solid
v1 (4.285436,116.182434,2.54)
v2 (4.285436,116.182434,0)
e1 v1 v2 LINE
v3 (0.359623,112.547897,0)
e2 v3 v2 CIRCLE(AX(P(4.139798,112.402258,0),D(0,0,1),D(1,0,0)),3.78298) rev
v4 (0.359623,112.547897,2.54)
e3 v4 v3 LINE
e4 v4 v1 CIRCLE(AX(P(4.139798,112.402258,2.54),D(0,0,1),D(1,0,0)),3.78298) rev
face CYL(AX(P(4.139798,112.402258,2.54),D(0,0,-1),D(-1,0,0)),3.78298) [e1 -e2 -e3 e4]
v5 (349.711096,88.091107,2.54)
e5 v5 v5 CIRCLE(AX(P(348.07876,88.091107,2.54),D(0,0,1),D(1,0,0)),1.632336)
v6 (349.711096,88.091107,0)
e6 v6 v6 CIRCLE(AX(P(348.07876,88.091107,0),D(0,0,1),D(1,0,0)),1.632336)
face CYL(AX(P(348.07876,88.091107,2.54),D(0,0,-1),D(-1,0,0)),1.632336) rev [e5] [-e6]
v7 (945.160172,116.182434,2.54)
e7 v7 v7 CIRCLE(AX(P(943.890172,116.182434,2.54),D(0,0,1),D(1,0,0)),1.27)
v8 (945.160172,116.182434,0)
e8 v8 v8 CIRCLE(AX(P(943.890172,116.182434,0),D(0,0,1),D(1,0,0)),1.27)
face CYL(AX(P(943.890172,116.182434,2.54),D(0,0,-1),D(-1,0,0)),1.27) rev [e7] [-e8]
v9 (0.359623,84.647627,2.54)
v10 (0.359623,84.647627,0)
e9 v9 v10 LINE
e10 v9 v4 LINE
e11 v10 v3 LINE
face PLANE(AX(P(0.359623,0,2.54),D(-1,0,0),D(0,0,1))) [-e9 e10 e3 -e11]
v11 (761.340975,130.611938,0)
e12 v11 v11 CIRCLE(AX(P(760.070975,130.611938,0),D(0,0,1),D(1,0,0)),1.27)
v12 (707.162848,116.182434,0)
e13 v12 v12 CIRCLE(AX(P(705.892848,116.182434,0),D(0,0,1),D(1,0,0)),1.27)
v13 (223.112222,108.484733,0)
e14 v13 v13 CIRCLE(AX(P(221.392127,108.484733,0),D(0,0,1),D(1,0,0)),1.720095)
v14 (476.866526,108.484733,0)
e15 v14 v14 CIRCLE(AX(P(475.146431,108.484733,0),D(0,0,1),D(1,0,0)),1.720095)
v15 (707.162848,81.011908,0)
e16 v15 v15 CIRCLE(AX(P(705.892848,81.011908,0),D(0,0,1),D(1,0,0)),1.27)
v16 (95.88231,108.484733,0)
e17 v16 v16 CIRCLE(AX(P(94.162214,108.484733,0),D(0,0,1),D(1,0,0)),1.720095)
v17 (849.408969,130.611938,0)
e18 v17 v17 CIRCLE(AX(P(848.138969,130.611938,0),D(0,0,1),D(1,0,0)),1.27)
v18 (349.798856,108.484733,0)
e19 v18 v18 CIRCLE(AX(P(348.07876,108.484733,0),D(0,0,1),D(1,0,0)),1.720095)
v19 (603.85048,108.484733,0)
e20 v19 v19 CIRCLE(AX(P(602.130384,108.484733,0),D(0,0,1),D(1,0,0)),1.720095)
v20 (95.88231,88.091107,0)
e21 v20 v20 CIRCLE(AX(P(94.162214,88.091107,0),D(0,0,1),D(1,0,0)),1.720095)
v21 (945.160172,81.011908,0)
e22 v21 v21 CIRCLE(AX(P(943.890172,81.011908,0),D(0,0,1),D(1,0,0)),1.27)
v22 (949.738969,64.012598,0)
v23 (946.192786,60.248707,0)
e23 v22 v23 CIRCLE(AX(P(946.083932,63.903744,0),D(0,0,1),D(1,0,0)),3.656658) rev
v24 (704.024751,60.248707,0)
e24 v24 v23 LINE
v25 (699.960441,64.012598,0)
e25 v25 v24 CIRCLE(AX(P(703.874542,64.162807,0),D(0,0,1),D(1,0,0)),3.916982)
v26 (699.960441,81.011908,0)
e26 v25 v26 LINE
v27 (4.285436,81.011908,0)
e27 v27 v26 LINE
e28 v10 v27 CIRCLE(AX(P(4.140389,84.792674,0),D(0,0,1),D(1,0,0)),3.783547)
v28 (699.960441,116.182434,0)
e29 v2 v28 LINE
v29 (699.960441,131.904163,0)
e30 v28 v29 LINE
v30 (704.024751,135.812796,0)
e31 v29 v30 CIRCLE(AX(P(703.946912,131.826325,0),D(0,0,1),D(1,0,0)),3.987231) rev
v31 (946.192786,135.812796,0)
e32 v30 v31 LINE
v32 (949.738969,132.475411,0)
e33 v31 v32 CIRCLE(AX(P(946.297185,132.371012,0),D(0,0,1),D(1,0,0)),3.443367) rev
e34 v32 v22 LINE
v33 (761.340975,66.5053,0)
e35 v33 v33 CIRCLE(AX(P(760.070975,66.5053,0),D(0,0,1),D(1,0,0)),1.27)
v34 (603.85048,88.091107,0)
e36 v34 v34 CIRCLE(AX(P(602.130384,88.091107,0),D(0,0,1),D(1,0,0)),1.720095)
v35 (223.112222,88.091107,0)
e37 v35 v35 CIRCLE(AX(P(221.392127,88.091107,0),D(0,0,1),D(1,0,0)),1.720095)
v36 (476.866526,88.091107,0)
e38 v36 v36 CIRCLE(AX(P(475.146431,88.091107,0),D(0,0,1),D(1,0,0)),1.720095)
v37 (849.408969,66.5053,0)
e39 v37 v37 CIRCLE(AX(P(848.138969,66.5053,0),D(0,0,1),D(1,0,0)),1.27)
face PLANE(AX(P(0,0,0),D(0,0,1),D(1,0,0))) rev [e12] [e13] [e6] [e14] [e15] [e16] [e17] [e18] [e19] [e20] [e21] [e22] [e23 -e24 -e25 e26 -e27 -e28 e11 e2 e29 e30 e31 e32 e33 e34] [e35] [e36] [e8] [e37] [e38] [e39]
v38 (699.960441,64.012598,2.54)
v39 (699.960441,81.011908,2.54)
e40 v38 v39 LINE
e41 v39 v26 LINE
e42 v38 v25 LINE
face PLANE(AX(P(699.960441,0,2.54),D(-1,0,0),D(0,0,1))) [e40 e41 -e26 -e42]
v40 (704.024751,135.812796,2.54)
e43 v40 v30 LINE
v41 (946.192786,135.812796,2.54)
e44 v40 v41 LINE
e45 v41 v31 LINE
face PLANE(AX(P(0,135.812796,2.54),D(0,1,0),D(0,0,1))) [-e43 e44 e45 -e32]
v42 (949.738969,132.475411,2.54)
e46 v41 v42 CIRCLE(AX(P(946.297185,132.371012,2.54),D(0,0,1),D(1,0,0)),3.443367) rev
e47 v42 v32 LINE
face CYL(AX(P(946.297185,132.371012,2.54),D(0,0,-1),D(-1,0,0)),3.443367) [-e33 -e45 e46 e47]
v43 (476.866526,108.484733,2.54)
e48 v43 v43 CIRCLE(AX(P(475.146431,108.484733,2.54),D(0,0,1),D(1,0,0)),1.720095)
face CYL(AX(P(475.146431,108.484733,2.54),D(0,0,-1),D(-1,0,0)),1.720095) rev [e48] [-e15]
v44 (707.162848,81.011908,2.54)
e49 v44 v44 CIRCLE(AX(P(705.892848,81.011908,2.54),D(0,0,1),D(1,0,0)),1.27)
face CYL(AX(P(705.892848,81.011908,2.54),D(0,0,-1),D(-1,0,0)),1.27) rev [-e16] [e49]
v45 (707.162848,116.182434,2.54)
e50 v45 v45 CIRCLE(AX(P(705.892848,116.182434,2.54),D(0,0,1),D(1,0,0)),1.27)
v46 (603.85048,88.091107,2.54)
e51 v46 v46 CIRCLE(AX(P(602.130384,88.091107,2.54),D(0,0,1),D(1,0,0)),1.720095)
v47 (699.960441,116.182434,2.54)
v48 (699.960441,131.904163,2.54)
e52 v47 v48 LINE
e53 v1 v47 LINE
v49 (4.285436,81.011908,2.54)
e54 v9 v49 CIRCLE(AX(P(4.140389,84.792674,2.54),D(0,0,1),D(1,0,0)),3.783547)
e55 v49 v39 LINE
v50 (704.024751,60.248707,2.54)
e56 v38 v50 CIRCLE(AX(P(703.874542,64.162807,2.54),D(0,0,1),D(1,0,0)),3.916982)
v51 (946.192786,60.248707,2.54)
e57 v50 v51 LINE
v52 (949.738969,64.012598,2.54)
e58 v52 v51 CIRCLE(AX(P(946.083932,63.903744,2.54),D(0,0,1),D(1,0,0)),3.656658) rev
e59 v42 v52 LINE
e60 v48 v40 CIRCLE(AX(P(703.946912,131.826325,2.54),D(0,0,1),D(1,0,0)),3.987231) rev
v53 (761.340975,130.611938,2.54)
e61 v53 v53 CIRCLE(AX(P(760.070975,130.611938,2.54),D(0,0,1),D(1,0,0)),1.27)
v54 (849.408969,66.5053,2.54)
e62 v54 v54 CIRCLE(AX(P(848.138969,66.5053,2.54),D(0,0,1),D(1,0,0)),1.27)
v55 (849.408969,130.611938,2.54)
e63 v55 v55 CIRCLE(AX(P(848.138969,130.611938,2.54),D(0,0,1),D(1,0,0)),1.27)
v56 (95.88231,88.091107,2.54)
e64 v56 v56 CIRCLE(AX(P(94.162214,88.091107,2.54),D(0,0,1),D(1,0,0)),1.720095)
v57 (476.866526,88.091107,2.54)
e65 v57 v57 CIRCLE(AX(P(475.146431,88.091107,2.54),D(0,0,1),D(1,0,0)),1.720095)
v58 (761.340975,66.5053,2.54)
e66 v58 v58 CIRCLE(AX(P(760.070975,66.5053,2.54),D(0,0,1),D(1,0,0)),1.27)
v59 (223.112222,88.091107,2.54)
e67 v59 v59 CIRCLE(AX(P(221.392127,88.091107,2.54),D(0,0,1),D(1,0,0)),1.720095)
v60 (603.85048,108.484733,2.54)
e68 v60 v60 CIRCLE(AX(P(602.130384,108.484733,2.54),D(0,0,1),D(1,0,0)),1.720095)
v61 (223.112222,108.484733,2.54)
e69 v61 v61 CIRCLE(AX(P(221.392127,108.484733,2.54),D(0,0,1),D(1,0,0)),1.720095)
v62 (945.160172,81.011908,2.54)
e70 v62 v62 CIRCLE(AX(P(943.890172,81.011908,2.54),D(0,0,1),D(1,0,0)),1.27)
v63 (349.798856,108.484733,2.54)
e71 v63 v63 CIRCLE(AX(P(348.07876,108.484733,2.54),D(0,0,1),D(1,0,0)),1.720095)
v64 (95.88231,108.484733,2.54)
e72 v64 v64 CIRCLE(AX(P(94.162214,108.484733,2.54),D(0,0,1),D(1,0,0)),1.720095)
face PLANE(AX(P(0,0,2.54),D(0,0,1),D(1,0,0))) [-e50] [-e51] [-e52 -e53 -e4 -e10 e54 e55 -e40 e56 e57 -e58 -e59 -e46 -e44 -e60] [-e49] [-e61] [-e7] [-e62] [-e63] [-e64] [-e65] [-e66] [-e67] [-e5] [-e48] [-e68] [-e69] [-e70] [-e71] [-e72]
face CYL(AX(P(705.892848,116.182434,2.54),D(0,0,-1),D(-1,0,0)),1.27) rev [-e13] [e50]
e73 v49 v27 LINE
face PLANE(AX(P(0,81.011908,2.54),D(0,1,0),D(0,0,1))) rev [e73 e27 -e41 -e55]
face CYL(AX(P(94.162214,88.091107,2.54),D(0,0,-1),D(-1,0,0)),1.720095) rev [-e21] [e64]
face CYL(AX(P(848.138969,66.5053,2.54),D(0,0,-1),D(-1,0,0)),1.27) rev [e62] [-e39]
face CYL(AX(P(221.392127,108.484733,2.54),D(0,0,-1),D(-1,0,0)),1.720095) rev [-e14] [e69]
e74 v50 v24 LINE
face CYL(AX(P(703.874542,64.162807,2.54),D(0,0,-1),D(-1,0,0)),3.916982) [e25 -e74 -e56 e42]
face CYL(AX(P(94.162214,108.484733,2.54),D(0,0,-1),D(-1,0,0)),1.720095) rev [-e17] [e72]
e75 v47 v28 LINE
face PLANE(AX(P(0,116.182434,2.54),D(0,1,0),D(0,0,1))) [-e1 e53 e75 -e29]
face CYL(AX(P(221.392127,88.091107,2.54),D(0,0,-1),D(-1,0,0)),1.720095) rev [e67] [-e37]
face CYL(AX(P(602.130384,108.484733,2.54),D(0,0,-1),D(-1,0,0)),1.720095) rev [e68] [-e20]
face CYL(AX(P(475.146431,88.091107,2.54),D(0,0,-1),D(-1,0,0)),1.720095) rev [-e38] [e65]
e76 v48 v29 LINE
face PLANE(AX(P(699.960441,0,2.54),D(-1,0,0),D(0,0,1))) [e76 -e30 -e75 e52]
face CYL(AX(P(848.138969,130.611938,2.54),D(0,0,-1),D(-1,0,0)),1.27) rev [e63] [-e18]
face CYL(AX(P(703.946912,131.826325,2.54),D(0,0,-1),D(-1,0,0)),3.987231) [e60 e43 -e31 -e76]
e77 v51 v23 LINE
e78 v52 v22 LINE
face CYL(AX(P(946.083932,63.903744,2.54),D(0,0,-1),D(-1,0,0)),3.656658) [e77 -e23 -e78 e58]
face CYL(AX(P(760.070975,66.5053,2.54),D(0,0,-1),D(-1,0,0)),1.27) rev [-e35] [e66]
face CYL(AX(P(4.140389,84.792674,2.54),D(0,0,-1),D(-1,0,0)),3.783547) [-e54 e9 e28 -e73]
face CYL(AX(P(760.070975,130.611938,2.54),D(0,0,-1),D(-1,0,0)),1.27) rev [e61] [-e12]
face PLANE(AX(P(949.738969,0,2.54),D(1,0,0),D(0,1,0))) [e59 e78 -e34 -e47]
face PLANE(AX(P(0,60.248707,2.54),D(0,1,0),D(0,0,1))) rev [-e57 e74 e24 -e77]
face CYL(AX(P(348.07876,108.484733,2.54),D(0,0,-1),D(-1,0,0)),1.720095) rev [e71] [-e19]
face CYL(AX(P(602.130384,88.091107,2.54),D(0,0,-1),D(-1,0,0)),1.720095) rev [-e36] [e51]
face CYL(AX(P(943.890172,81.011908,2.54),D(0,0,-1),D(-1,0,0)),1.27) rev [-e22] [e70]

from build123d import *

# Parameters (mm, degrees)
SKETCH1_R           = 1.720095417
SKETCH1_R_2         = 1.632335783
SKETCH1_R_3         = 1.27
BOSS_EXTRUDE1_DEPTH = 2.54


with BuildPart() as part:
    # Sketch1 → Boss-Extrude1 (new body)
    with BuildSketch(Plane.XY):
        with BuildLine():
            Line((0.359622665, 112.547896558), (0.359622665, 84.647626996))
            ThreePointArc((0.359622665, 84.647626996), (1.569547298, 82.016705042), (4.285435965, 81.011908201))
            Line((4.285435965, 81.011908201), (699.960441306, 81.011908201))
            Line((699.960441306, 81.011908201), (699.960441306, 64.012598058))
            ThreePointArc((699.960441306, 64.012598058), (701.213068629, 61.288906282), (704.024750828, 60.24870663))
            Line((704.024750828, 60.24870663), (946.192785632, 60.24870663))
            ThreePointArc((946.192785632, 60.24870663), (948.74540471, 61.39621374), (949.738968911, 64.012598058))
            Line((949.738968911, 64.012598058), (949.738968911, 132.475411377))
            ThreePointArc((949.738968911, 132.475411377), (948.657072186, 134.878542119), (946.192785632, 135.812795653))
            Line((946.192785632, 135.812795653), (704.024750828, 135.812795653))
            ThreePointArc((704.024750828, 135.812795653), (701.183091811, 134.700225562), (699.960441306, 131.904163347))
            Line((699.960441306, 131.904163347), (699.960441306, 116.18243367))
            Line((699.960441306, 116.18243367), (4.285435965, 116.18243367))
            ThreePointArc((4.285435965, 116.18243367), (1.569792033, 115.17822767), (0.359622665, 112.547896558))
        make_face()
        with Locations((94.1622142, 88.091107164)):
            Circle(SKETCH1_R, mode=Mode.SUBTRACT)
        with Locations((221.392126764, 88.091107164)):
            Circle(SKETCH1_R, mode=Mode.SUBTRACT)
        with Locations((348.078760153, 88.091107164)):
            Circle(SKETCH1_R_2, mode=Mode.SUBTRACT)
        with Locations((760.070975046, 66.505299661)):
            Circle(SKETCH1_R_3, mode=Mode.SUBTRACT)
        with Locations((848.138968911, 66.505299661)):
            Circle(SKETCH1_R_3, mode=Mode.SUBTRACT)
        with Locations((475.146430575, 88.091107164)):
            Circle(SKETCH1_R, mode=Mode.SUBTRACT)
        with Locations((705.892847696, 81.011908201)):
            Circle(SKETCH1_R_3, mode=Mode.SUBTRACT)
        with Locations((602.130384222, 88.091107164)):
            Circle(SKETCH1_R, mode=Mode.SUBTRACT)
        with Locations((943.890172073, 81.011908201)):
            Circle(SKETCH1_R_3, mode=Mode.SUBTRACT)
        with Locations((94.1622142, 108.484732819)):
            Circle(SKETCH1_R, mode=Mode.SUBTRACT)
        with Locations((221.392126764, 108.484732819)):
            Circle(SKETCH1_R, mode=Mode.SUBTRACT)
        with Locations((348.078760153, 108.484732819)):
            Circle(SKETCH1_R, mode=Mode.SUBTRACT)
        with Locations((475.146430575, 108.484732819)):
            Circle(SKETCH1_R, mode=Mode.SUBTRACT)
        with Locations((602.130384222, 108.484732819)):
            Circle(SKETCH1_R, mode=Mode.SUBTRACT)
        with Locations((705.892847696, 116.18243367)):
            Circle(SKETCH1_R_3, mode=Mode.SUBTRACT)
        with Locations((943.890172073, 116.18243367)):
            Circle(SKETCH1_R_3, mode=Mode.SUBTRACT)
        with Locations((760.070975046, 130.611938178)):
            Circle(SKETCH1_R_3, mode=Mode.SUBTRACT)
        with Locations((848.138968911, 130.611938178)):
            Circle(SKETCH1_R_3, mode=Mode.SUBTRACT)
    extrude(amount=BOSS_EXTRUDE1_DEPTH)


solid = part.part
